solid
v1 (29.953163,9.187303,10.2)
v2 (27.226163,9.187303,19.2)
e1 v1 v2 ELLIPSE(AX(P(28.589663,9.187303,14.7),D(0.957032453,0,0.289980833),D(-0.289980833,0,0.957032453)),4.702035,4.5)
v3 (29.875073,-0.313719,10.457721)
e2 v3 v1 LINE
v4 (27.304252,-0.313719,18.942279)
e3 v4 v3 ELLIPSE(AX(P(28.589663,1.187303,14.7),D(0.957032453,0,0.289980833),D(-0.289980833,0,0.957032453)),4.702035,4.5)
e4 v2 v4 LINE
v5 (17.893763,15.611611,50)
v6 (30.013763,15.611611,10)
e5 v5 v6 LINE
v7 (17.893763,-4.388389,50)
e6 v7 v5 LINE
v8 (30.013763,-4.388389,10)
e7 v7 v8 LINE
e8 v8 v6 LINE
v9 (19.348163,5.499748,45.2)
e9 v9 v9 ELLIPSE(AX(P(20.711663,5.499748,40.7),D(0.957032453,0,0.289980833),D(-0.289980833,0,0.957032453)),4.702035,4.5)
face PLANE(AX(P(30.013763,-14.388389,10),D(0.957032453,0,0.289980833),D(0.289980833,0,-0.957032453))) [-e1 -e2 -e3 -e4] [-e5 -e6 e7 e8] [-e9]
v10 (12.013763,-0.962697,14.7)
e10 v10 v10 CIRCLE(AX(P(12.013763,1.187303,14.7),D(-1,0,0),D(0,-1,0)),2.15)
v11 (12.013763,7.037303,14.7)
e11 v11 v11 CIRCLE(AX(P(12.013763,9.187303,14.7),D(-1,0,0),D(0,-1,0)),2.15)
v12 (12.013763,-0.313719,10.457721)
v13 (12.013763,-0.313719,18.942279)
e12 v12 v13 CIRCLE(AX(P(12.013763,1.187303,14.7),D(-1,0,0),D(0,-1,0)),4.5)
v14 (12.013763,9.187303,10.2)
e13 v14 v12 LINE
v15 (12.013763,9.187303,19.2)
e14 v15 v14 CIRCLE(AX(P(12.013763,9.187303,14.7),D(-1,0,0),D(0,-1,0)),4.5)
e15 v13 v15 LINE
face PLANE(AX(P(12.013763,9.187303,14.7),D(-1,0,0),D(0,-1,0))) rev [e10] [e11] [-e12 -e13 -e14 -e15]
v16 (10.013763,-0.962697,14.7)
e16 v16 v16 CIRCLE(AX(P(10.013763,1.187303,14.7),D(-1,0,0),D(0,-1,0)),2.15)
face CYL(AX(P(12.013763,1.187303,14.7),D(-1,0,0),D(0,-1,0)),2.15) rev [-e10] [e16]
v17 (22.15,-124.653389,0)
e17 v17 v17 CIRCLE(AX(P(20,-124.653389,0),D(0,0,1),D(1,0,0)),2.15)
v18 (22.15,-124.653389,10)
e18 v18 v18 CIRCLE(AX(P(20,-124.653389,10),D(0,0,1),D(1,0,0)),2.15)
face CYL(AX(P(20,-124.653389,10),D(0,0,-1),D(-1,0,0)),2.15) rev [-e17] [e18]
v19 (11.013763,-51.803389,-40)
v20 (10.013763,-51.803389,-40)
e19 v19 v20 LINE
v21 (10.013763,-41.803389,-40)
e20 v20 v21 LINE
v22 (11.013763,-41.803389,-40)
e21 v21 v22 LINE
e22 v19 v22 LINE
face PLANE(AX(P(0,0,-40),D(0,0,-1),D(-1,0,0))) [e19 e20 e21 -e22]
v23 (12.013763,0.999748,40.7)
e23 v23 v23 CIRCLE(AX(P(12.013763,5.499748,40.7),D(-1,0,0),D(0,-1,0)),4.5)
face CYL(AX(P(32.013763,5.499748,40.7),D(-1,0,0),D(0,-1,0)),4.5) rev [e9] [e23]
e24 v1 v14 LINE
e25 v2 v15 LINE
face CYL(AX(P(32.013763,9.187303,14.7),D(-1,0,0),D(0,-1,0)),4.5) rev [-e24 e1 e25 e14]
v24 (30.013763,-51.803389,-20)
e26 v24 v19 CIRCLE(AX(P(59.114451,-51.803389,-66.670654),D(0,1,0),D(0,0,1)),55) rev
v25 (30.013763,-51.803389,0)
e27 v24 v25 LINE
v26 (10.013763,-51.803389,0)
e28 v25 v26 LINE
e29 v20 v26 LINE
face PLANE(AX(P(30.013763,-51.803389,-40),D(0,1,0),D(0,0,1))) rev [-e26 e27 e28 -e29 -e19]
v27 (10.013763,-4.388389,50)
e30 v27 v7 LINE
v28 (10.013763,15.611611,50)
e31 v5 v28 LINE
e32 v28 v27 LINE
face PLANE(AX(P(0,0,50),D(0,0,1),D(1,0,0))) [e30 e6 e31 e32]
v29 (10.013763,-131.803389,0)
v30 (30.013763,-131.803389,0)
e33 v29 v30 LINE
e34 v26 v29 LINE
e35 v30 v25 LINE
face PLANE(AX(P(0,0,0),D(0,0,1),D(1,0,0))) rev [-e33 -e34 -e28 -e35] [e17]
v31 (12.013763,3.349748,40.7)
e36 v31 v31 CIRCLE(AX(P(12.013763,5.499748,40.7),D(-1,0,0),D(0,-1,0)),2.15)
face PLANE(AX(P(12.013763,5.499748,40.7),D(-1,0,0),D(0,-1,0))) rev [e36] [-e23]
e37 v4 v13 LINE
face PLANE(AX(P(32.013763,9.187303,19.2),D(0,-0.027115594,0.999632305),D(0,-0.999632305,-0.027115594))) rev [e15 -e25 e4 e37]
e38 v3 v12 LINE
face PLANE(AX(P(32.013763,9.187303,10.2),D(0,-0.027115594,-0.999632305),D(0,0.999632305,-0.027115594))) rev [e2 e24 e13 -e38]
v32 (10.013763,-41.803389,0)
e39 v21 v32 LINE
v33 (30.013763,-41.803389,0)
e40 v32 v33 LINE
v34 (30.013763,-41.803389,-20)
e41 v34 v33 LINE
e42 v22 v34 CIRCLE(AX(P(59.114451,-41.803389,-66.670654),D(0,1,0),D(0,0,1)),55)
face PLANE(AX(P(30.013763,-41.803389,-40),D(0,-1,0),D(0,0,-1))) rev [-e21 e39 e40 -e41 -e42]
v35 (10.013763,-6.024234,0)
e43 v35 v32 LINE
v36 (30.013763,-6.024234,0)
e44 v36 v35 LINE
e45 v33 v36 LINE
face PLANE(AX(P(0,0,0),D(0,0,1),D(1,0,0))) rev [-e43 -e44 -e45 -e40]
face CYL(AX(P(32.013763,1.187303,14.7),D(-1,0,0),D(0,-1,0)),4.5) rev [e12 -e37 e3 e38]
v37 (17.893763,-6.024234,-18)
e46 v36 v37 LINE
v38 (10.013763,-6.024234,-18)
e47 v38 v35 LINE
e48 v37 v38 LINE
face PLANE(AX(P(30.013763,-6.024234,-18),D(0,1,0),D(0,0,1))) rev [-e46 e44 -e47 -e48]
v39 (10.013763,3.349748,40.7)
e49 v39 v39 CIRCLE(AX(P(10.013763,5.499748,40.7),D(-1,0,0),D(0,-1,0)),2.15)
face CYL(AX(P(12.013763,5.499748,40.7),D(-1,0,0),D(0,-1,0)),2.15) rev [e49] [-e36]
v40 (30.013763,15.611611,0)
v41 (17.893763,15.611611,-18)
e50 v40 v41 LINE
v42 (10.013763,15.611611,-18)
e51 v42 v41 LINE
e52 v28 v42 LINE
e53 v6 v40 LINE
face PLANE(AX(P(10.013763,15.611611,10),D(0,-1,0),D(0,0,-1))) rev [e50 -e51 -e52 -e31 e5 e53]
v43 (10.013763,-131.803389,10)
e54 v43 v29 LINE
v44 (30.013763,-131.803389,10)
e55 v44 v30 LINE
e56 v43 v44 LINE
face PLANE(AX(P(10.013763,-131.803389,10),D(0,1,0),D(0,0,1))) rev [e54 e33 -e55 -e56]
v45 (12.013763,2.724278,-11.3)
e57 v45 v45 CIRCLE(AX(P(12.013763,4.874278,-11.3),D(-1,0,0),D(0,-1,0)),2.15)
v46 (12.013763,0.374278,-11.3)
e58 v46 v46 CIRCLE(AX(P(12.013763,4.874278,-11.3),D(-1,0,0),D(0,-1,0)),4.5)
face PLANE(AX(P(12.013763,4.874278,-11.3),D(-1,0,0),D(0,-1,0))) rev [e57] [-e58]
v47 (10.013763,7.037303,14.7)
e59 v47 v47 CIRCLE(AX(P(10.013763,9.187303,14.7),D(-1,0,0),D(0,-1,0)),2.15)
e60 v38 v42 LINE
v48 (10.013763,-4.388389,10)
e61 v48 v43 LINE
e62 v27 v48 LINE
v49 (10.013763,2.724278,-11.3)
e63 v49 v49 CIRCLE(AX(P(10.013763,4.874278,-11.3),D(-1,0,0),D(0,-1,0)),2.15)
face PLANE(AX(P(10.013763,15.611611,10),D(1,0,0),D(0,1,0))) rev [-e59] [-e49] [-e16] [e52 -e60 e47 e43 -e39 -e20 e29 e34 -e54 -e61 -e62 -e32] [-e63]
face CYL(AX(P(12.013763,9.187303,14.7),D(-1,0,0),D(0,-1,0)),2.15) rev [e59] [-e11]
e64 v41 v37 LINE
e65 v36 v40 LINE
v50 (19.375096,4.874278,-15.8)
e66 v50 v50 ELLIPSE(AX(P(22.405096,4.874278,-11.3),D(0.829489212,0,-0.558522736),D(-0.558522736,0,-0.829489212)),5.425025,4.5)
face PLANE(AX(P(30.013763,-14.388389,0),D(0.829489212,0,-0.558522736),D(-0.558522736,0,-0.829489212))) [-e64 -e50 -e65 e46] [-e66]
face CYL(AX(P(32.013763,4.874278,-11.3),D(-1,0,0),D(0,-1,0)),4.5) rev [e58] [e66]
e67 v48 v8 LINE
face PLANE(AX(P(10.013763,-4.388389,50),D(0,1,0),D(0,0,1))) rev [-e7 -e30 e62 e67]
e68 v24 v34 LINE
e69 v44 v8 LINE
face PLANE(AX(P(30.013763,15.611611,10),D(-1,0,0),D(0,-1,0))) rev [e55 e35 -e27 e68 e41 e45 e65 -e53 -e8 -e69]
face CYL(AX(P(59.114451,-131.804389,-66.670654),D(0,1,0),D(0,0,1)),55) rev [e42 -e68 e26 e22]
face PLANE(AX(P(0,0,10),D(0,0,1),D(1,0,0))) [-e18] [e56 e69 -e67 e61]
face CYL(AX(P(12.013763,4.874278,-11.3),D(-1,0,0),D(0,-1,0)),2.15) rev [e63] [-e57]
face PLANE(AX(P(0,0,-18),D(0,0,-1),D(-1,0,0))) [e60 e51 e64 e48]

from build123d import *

# Parameters (mm, degrees)
SKETCH_1_W               = 20
SKETCH_1_H               = 147.415
SKETCH_1_R               = 2.15
EXTRUDE_1_DEPTH          = 10
SKETCH_2_W               = 20
SKETCH_2_H               = 20
EXTRUDE_2_DEPTH          = 40
SKETCH_3_W               = 20
SKETCH_3_H               = 21.635845778
EXTRUDE_3_DEPTH          = 18
CUT_EXTRUDE_1_DEPTH      = 10
CUT_EXTRUDE_1_DEPTH_BACK = 20
SKETCH_5_R               = 2.15
CUT_EXTRUDE_2_DEPTH      = 2
CUT_EXTRUDE_START        = -2
SKETCH_6_R               = 4.5
CUT_EXTRUDE_3_DEPTH      = 20
SKETCH_7_W               = 20
SKETCH_7_H               = 10
EXTRUDE_4_DEPTH          = 40
CUT_EXTRUDE_5_REACH      = 109.242


with BuildPart() as part:
    # 草图1 → 凸台-拉伸1 (new body)
    with BuildSketch(Plane.XY):
        with Locations((20.013762606, -58.095888527)):
            Rectangle(SKETCH_1_W, SKETCH_1_H)
        with Locations((20, -124.653388527)):
            Circle(SKETCH_1_R, mode=Mode.SUBTRACT)
    extrude(amount=EXTRUDE_1_DEPTH)

    # 草图2 → 凸台-拉伸2 (add)
    with BuildSketch(Plane.XY.offset(10)):
        with Locations((20.013762606, 5.611611473)):
            Rectangle(SKETCH_2_W, SKETCH_2_H)
    extrude(amount=EXTRUDE_2_DEPTH)

    # 草图3 → 凸台-拉伸3 (add)
    with BuildSketch(Plane(origin=(0, 0, 0), x_dir=(-1, 0, 0), z_dir=(0, 0, -1))):
        with Locations((-20.013762606, 4.793688584)):
            Rectangle(SKETCH_3_W, SKETCH_3_H)
    extrude(amount=EXTRUDE_3_DEPTH)

    # 草图4 → 切除-拉伸1 (cut, two sides: drawn at the far end of the back side and taken through both)
    with BuildSketch(Plane.XZ.offset(4.388388527).offset(-CUT_EXTRUDE_1_DEPTH_BACK)):
        Polygon((17.893762606, 50), (30.013762606, 50), (30.013762606, 10), align=None)
        Polygon((17.893762606, -18), (30.013762606, -18), (30.013762606, 0), align=None)
    extrude(amount=CUT_EXTRUDE_1_DEPTH + CUT_EXTRUDE_1_DEPTH_BACK, mode=Mode.SUBTRACT)

    # 草图5 → 切除-拉伸2 (cut)
    with BuildSketch(Plane.ZY.offset(-10.013762606)):
        with Locations(Location((14.7, 9.187302616, 0), (0, 0, 270))):
            Circle(SKETCH_5_R)
        with Locations(Location((14.7, 1.187302616, 0), (0, 0, 270))):
            Circle(SKETCH_5_R)
        with Locations(Location((40.7, 5.49974849, 0), (0, 0, 270))):
            Circle(SKETCH_5_R)
        with Locations(Location((-11.3, 4.874278045, 0), (0, 0, 270))):
            Circle(SKETCH_5_R)
    extrude(amount=-CUT_EXTRUDE_2_DEPTH, mode=Mode.SUBTRACT)

    # 草图6 → 切除-拉伸3 (cut)
    with BuildSketch(Plane.ZY.offset(-10.013762606).offset(CUT_EXTRUDE_START)):
        with Locations(Location((40.7, 5.49974849, 0), (0, 0, 270))):
            Circle(SKETCH_6_R)
        with Locations(Location((-11.3, 4.874278045, 0), (0, 0, 270))):
            Circle(SKETCH_6_R)
        with BuildLine():
            Line((19.2, 9.187302616), (18.942279399, -0.313718869))
            ThreePointArc((18.942279399, -0.313718869), (14.7, -3.312697384), (10.457720601, -0.313718869))
            Line((10.457720601, -0.313718869), (10.2, 9.187302616))
            ThreePointArc((10.2, 9.187302616), (14.7, 13.687302616), (19.2, 9.187302616))
        make_face()
    extrude(amount=-CUT_EXTRUDE_3_DEPTH, mode=Mode.SUBTRACT)

    # 草图7 → 凸台-拉伸4 (add)
    with BuildSketch(Plane(origin=(0, 0, 0), x_dir=(-1, 0, 0), z_dir=(0, 0, -1))):
        with Locations((-20.013762606, -46.803388527)):
            Rectangle(SKETCH_7_W, SKETCH_7_H)
    extrude(amount=EXTRUDE_4_DEPTH)

    # 草图8 → 切除-拉伸5 (cut, up to next)
    with BuildSketch(Plane(origin=(0, -41.803388527, 0), x_dir=(1, 0, 0), z_dir=(0, 1, 0)), mode=Mode.PRIVATE) as cut_extrude_5_sk1:
        with BuildLine():
            Line((30.013762606, 20), (30.013762606, 40))
            Line((30.013762606, 40), (11.013762606, 40))
            ThreePointArc((11.013762606, 40), (19.239482102, 28.789433521), (30.013762606, 20))
        make_face()
    cut_extrude_5_tool1 = extrude(cut_extrude_5_sk1.sketch, amount=-CUT_EXTRUDE_5_REACH, mode=Mode.PRIVATE) & part.part
    add(cut_extrude_5_tool1.solids().sort_by_distance((23.14433, -41.803389, -32.776655))[0], mode=Mode.SUBTRACT)


solid = part.part
